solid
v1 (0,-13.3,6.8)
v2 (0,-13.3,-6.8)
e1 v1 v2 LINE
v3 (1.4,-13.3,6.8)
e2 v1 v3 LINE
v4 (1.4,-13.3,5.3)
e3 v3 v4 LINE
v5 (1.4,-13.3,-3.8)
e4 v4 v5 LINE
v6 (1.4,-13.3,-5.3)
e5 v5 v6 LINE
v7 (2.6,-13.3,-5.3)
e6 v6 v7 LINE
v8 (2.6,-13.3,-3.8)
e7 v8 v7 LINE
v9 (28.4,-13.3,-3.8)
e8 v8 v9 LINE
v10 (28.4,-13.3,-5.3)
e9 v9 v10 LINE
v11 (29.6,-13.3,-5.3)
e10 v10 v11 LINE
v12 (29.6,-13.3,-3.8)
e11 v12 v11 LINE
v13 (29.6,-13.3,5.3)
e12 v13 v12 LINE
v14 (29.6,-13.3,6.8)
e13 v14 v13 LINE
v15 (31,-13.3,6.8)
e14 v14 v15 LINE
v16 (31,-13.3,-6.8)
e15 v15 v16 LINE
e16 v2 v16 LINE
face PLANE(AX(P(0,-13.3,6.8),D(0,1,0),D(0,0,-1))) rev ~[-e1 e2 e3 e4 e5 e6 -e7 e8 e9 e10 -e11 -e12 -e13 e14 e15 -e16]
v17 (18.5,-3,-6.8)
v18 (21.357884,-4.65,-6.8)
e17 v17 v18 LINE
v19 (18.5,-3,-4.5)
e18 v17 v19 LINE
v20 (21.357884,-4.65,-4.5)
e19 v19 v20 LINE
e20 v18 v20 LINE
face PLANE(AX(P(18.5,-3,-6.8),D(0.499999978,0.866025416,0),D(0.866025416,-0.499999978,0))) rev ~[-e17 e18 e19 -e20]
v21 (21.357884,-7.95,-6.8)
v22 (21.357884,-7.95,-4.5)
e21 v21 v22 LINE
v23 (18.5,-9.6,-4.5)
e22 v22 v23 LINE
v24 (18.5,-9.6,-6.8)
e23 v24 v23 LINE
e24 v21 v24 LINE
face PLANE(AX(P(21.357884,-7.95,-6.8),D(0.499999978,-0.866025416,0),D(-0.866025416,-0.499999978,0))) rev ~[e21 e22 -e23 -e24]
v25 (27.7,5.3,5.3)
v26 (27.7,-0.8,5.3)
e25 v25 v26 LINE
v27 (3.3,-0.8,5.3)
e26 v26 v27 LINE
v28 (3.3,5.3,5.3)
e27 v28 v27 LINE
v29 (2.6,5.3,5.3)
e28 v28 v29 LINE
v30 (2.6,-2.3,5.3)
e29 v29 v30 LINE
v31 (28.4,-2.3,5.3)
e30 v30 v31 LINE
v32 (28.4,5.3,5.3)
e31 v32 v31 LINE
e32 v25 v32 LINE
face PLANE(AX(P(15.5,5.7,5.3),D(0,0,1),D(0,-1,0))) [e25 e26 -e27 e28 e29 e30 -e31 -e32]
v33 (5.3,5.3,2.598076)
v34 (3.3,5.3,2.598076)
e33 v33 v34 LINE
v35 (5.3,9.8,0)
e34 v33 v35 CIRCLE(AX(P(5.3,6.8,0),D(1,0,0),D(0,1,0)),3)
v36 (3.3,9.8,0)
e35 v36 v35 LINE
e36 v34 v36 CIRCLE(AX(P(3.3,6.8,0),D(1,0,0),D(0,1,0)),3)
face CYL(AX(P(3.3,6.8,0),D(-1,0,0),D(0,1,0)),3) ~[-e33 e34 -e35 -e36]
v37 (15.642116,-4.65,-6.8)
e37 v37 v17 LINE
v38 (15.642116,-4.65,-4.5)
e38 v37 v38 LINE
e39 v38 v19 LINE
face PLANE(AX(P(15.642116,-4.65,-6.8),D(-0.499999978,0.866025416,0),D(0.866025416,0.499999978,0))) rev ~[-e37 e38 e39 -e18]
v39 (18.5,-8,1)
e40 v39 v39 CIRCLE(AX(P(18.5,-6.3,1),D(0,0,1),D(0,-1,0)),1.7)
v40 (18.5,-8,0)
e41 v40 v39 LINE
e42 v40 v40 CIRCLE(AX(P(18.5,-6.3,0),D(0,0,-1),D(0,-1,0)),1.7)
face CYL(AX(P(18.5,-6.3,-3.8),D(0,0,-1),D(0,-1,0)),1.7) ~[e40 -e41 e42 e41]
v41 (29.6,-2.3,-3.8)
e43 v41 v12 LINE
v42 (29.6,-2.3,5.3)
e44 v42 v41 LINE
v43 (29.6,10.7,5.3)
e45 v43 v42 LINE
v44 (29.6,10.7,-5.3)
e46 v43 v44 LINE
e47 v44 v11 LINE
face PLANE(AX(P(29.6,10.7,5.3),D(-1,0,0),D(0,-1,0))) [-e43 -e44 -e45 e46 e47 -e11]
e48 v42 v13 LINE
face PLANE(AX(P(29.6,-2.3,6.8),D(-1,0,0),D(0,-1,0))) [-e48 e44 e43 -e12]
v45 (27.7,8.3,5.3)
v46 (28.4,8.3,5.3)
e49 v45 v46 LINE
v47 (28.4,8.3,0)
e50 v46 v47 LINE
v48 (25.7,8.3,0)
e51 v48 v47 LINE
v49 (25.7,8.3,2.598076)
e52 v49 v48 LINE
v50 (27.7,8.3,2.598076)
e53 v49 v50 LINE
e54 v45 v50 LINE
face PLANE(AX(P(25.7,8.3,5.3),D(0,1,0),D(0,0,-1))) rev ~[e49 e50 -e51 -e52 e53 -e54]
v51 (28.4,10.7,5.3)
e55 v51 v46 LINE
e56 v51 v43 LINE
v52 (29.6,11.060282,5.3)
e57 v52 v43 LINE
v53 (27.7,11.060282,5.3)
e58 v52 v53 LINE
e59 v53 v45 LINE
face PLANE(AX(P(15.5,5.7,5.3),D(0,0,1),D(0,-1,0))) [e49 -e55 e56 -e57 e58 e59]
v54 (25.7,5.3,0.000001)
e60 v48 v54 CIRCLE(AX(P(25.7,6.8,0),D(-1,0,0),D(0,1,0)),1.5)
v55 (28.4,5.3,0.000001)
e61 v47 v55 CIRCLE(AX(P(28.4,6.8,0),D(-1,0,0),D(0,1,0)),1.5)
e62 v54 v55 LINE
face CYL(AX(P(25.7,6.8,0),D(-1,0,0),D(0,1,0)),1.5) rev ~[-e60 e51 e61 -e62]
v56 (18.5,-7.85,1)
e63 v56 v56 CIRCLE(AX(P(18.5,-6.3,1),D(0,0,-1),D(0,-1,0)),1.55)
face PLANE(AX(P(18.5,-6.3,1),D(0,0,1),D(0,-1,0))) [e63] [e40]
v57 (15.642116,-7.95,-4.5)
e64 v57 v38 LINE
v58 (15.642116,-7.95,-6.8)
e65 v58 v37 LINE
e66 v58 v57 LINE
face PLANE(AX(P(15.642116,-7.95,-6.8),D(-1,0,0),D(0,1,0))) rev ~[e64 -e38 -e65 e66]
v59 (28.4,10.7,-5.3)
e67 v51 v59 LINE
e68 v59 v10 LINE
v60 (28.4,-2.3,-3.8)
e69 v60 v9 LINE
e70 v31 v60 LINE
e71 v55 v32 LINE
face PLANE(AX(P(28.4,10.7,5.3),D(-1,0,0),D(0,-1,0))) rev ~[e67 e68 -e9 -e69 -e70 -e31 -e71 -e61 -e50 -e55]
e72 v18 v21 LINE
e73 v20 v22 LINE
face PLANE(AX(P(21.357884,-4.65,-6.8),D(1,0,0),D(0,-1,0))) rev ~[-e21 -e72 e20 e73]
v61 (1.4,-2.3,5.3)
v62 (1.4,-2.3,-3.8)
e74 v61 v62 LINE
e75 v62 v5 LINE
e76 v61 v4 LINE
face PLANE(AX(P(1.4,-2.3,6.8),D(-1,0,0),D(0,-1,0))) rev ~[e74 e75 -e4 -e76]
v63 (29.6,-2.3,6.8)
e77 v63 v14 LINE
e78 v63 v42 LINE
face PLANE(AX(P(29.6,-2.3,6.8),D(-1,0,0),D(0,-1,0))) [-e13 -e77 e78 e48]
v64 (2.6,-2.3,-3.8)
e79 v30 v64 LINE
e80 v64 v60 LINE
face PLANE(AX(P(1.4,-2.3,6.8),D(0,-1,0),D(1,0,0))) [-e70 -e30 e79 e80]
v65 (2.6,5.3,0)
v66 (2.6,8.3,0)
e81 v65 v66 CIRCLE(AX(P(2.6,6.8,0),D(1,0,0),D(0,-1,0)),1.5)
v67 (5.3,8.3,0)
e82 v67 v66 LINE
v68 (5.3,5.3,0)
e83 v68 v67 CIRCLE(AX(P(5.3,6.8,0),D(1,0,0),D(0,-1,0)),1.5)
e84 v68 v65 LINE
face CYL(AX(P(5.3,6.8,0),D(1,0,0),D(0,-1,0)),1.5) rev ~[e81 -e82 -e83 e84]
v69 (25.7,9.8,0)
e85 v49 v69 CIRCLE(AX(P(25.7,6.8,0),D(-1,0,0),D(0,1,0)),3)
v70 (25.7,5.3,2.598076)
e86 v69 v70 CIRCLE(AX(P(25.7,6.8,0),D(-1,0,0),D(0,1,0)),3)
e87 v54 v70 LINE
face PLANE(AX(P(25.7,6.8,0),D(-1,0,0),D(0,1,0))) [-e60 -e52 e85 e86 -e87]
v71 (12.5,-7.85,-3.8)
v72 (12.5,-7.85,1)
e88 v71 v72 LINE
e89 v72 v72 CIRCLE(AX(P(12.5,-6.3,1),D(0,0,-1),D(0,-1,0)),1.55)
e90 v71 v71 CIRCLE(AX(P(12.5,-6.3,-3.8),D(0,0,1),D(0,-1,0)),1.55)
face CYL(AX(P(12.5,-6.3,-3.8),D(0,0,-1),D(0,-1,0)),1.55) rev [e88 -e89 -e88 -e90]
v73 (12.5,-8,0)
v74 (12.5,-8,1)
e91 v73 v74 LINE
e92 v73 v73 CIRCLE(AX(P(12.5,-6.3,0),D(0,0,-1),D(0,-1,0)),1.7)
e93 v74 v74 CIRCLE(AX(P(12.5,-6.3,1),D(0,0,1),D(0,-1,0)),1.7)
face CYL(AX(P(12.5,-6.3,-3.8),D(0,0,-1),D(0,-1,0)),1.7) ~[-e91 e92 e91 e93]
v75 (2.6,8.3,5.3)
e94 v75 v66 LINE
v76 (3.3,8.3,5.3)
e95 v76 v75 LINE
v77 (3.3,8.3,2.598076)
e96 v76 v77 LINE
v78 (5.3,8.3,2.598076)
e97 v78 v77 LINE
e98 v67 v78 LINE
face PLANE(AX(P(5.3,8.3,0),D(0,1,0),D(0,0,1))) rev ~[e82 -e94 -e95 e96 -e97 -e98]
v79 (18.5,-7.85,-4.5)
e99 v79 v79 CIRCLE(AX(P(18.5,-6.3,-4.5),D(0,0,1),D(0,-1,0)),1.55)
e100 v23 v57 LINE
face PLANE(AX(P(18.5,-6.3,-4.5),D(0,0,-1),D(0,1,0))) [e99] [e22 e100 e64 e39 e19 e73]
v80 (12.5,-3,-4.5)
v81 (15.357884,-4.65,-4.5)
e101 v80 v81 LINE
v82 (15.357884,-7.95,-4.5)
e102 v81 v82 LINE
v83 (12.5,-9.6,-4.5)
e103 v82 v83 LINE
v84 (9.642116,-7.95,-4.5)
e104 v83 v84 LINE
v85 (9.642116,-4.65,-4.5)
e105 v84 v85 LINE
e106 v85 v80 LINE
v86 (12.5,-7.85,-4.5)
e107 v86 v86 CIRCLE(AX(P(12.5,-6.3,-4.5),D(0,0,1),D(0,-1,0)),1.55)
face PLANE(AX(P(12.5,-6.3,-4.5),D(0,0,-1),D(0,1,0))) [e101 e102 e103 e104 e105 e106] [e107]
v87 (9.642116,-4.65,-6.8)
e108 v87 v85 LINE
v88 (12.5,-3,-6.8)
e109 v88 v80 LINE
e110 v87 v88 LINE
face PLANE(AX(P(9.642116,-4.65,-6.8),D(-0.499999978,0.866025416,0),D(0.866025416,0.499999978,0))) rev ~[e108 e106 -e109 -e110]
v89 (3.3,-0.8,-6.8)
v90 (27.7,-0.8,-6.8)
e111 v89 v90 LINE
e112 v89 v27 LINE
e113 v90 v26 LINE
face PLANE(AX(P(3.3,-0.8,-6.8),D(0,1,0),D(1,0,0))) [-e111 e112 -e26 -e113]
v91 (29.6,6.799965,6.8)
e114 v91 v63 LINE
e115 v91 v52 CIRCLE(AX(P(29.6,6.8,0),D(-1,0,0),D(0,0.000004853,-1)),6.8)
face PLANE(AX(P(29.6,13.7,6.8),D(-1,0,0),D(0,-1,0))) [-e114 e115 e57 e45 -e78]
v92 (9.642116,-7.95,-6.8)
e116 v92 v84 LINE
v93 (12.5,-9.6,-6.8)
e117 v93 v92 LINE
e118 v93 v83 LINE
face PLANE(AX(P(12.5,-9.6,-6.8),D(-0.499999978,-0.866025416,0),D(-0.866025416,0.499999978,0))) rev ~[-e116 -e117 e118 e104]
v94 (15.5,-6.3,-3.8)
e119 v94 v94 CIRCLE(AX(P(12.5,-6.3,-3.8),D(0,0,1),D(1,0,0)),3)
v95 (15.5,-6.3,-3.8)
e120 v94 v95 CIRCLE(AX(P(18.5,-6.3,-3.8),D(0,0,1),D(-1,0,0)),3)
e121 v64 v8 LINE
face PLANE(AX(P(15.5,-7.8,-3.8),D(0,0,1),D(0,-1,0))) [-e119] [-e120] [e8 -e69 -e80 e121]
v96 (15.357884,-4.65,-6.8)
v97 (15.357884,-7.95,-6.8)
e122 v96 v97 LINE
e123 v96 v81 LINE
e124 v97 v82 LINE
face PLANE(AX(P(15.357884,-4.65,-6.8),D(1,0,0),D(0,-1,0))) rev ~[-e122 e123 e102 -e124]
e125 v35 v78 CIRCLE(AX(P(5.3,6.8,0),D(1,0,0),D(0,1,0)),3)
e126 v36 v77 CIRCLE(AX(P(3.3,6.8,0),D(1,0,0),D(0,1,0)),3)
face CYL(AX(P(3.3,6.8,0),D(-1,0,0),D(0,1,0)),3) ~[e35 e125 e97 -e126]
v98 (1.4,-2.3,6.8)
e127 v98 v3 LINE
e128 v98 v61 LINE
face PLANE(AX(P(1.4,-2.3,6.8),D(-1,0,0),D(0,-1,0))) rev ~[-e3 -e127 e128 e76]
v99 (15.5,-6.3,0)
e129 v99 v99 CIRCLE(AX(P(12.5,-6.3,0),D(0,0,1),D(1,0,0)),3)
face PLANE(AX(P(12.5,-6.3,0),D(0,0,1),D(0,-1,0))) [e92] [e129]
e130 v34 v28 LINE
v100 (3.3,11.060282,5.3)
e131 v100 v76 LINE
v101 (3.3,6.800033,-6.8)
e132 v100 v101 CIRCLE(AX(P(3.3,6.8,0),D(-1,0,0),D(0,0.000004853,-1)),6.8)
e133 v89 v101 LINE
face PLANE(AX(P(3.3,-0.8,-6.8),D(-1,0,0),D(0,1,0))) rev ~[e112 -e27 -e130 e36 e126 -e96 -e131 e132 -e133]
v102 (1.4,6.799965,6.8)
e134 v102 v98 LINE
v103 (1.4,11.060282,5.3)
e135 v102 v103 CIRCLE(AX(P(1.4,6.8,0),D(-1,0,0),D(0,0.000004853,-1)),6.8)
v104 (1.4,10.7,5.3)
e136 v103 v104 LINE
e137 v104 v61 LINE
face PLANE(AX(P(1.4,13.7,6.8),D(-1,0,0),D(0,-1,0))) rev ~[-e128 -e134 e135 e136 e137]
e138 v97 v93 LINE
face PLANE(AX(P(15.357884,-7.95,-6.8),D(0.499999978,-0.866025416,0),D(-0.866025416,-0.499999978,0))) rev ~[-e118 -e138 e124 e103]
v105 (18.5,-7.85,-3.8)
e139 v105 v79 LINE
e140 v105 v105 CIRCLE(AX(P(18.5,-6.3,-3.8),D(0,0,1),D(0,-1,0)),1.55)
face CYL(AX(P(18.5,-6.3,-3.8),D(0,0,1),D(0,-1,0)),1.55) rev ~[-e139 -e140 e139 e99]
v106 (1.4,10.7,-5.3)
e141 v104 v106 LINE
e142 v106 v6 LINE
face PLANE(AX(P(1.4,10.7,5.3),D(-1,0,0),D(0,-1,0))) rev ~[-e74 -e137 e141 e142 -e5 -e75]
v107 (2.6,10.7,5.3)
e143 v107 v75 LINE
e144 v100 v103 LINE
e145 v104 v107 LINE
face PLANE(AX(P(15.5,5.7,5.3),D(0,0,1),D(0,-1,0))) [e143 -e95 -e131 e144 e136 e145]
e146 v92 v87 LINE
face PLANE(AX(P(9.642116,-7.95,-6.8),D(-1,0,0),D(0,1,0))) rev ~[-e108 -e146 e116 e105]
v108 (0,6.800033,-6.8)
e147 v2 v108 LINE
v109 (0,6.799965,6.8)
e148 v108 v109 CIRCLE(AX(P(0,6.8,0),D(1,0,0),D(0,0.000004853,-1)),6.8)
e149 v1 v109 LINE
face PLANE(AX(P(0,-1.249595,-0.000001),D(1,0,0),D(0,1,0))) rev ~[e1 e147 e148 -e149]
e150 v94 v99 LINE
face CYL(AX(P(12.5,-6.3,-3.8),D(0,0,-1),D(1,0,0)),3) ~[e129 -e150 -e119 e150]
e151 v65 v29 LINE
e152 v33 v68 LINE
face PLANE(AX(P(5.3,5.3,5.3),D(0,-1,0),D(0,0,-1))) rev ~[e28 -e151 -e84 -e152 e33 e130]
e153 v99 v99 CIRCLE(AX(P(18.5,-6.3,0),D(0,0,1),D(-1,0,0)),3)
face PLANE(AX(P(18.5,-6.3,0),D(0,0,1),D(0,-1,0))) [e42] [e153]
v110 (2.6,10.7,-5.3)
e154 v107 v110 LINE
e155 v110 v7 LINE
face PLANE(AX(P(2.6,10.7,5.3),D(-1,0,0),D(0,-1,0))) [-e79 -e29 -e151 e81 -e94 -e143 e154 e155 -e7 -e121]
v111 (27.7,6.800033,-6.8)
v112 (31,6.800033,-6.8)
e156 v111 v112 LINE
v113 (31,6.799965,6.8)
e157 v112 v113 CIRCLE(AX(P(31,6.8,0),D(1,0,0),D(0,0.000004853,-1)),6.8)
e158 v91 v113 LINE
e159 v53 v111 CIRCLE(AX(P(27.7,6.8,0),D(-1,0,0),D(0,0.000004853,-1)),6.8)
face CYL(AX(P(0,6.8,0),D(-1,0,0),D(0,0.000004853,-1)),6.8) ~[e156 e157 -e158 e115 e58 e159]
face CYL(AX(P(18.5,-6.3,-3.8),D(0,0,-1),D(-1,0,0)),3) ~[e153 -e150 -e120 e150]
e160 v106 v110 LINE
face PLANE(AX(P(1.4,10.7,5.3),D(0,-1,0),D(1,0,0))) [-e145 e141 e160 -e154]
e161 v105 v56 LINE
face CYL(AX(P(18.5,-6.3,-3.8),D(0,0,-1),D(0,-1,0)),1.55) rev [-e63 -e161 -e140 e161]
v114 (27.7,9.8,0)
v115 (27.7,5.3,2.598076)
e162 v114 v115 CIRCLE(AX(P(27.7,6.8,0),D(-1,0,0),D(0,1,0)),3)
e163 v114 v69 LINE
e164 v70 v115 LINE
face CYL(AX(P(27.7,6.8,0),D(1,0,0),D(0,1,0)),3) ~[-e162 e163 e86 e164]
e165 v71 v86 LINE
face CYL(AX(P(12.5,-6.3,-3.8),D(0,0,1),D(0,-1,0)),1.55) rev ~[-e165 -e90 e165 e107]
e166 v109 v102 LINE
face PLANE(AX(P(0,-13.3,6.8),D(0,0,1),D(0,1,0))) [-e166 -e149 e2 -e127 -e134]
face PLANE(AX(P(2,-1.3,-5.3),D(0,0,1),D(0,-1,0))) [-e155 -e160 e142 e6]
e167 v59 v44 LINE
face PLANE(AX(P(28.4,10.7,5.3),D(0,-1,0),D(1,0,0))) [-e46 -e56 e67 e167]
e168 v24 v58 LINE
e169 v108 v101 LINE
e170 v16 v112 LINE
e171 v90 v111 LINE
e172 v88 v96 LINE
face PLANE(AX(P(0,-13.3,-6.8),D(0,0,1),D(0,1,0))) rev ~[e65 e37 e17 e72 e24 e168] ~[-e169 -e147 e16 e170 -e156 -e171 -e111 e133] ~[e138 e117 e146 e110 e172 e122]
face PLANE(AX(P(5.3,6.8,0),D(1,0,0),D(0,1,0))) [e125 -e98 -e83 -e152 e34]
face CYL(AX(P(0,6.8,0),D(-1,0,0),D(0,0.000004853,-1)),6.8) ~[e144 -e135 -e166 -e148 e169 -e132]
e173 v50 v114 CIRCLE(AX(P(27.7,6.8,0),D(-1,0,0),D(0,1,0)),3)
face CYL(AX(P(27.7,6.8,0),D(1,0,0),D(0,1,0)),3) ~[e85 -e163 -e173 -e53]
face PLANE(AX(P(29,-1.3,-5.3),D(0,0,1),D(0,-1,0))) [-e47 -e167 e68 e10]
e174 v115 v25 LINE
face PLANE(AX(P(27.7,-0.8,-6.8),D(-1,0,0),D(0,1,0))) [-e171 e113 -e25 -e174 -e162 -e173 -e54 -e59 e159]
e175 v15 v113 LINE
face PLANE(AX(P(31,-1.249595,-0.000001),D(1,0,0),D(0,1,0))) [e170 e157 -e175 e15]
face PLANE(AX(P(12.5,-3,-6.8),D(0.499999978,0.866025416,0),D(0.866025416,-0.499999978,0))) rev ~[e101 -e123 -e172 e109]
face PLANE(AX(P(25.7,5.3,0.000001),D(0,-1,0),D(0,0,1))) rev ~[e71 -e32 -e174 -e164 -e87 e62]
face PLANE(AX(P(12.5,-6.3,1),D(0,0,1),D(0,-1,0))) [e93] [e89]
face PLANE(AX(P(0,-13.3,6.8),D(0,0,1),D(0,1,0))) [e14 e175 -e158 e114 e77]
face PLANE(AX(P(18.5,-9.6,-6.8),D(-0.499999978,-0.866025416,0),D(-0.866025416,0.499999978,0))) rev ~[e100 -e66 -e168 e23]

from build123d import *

# Parameters (mm, degrees)
PAD_DEPTH            = 31
SKETCH001_W          = 11
SKETCH001_H          = 28.2
POCKET_DEPTH         = 10.6
SKETCH002_R          = 3
PAD001_DEPTH         = 3.8
SKETCH003_R          = 1.7
PAD002_DEPTH         = 4.8
SKETCH004_R          = 1.55
POCKET001_DEPTH      = 3.001
POCKET001_DEPTH_BACK = -10.601
POCKET002_DEPTH      = 2.3
SKETCH006_W          = 16
SKETCH006_H          = 28.2
POCKET003_DEPTH      = 1.5
SKETCH007_W          = 24
SKETCH007_H          = 1.2
POCKET004_DEPTH      = 10.6
SKETCH008_W          = 15
SKETCH008_H          = 24.4
POCKET005_DEPTH      = 13.601
SKETCH009_R          = 3
PAD003_DEPTH         = 2
POCKET006_DEPTH      = 3
SKETCH011_R          = 3
PAD004_DEPTH         = 2
POCKET007_DEPTH      = 3


with BuildPart() as part:
    # Sketch → Pad (new body)
    with BuildSketch(Plane.YZ):
        with BuildLine():
            Line((-13.3, 6.8), (-13.3, -6.8))
            Line((-13.3, -6.8), (6.800033, -6.8))
            ThreePointArc((6.800033, -6.8), (13.6, 3.4e-05), (6.799965, 6.8))
            Line((-13.3, 6.8), (6.799965, 6.8))
        make_face()
    extrude(amount=PAD_DEPTH)

    # Sketch001 (on Face4 of Pad) → Pocket (cut)
    with BuildSketch(Plane(origin=(0, 0, 6.8), x_dir=(0, -1, 0), z_dir=(0, 0, 1))):
        with Locations((7.8, 15.5)):
            Rectangle(SKETCH001_W, SKETCH001_H)
    extrude(amount=-POCKET_DEPTH, mode=Mode.SUBTRACT)

    # Sketch002 (on Face7 of Pocket) → Pad001 (join)
    with BuildSketch(Plane(origin=(0, 0, -3.8), x_dir=(0, -1, 0), z_dir=(0, 0, 1))):
        with Locations((6.3, 18.5)):
            Circle(SKETCH002_R)
        with Locations((6.3, 12.5)):
            Circle(SKETCH002_R)
    extrude(amount=PAD001_DEPTH)

    # Sketch003 (on Face7 of Pad001) → Pad002 (join)
    with BuildSketch(Plane(origin=(0, 0, -3.8), x_dir=(0, -1, 0), z_dir=(0, 0, 1))):
        with Locations((6.3, 18.5)):
            Circle(SKETCH003_R)
        with Locations((6.3, 12.5)):
            Circle(SKETCH003_R)
    extrude(amount=PAD002_DEPTH)

    # Sketch004 (on Face7 of Pad002) → Pocket001 (cut, two sides)
    with BuildSketch(Plane(origin=(0, 0, -3.8), x_dir=(0, -1, 0), z_dir=(0, 0, 1))) as pocket001_sk:
        with Locations((6.3, 18.5)):
            Circle(SKETCH004_R)
        with Locations((6.3, 12.5)):
            Circle(SKETCH004_R)
    extrude(amount=-POCKET001_DEPTH, mode=Mode.SUBTRACT)
    extrude(pocket001_sk.sketch, amount=-POCKET001_DEPTH_BACK, mode=Mode.SUBTRACT)

    # Sketch005 (on Face3 of Pocket001) → Pocket002 (cut)
    with BuildSketch(Plane.YX.offset(6.8)):
        Polygon((-3, 18.5), (-4.65, 21.357884), (-7.95, 21.357884), (-9.6, 18.5), (-7.95, 15.642116), (-4.65, 15.642116), align=None)
        Polygon((-3, 12.5), (-4.65, 15.357884), (-7.95, 15.357884), (-9.6, 12.5), (-7.95, 9.642116), (-4.65, 9.642116), align=None)
    extrude(amount=-POCKET002_DEPTH, mode=Mode.SUBTRACT)

    # Sketch006 (on Face5 of Pocket002) → Pocket003 (cut)
    with BuildSketch(Plane(origin=(0, 0, 6.8), x_dir=(0, -1, 0), z_dir=(0, 0, 1))):
        with Locations((-5.7, 15.5)):
            Rectangle(SKETCH006_W, SKETCH006_H)
    extrude(amount=-POCKET003_DEPTH, mode=Mode.SUBTRACT)

    # Sketch007 (on Face30 of Pocket003) → Pocket004 (cut)
    with BuildSketch(Plane(origin=(0, 0, 5.3), x_dir=(0, -1, 0), z_dir=(0, 0, 1))):
        with Locations((1.3, 2)):
            Rectangle(SKETCH007_W, SKETCH007_H)
        with Locations((1.3, 29)):
            Rectangle(SKETCH007_W, SKETCH007_H)
    extrude(amount=-POCKET004_DEPTH, mode=Mode.SUBTRACT)

    # Sketch008 (on Face3 of Pocket004) → Pocket005 (cut, through all)
    with BuildSketch(Plane.YX.offset(6.8)):
        with Locations((6.7, 15.5)):
            Rectangle(SKETCH008_W, SKETCH008_H)
    extrude(amount=-POCKET005_DEPTH, mode=Mode.SUBTRACT)

    # Sketch009 (on Face19 of Pocket005) → Pad003 (join)
    with BuildSketch(Plane.YZ.offset(3.3)):
        with Locations((6.8, 0)):
            Circle(SKETCH009_R)
    extrude(amount=PAD003_DEPTH)

    # Sketch010 (on Face50 of Pad003) → Pocket006 (cut)
    with BuildSketch(Plane.YZ.offset(5.3)):
        with BuildLine():
            Line((5.3, 5.3), (5.3, 0))
            ThreePointArc((5.3, 0), (6.8, -1.5), (8.3, 0))
            Line((8.3, 0), (8.3, 5.3))
            Line((8.3, 5.3), (5.3, 5.3))
        make_face()
    extrude(amount=-POCKET006_DEPTH, mode=Mode.SUBTRACT)

    # Sketch011 (on Face21 of Pocket006) → Pad004 (join)
    with BuildSketch(Plane(origin=(27.7, 0, 0), x_dir=(0, 1, 0), z_dir=(-1, 0, 0))):
        with Locations((6.8, 0)):
            Circle(SKETCH011_R)
    extrude(amount=PAD004_DEPTH)

    # Sketch012 (on Face57 of Pad004) → Pocket007 (cut)
    with BuildSketch(Plane(origin=(25.7, 0, 0), x_dir=(0, 1, 0), z_dir=(-1, 0, 0))):
        with BuildLine():
            ThreePointArc((8.3, 0), (6.8, 1.5), (5.3, -1e-06))
            Line((5.3, -1e-06), (5.3, -5.3))
            Line((5.3, -5.3), (8.3, -5.3))
            Line((8.3, -5.3), (8.3, 0))
        make_face()
    extrude(amount=-POCKET007_DEPTH, mode=Mode.SUBTRACT)


solid = part.part
